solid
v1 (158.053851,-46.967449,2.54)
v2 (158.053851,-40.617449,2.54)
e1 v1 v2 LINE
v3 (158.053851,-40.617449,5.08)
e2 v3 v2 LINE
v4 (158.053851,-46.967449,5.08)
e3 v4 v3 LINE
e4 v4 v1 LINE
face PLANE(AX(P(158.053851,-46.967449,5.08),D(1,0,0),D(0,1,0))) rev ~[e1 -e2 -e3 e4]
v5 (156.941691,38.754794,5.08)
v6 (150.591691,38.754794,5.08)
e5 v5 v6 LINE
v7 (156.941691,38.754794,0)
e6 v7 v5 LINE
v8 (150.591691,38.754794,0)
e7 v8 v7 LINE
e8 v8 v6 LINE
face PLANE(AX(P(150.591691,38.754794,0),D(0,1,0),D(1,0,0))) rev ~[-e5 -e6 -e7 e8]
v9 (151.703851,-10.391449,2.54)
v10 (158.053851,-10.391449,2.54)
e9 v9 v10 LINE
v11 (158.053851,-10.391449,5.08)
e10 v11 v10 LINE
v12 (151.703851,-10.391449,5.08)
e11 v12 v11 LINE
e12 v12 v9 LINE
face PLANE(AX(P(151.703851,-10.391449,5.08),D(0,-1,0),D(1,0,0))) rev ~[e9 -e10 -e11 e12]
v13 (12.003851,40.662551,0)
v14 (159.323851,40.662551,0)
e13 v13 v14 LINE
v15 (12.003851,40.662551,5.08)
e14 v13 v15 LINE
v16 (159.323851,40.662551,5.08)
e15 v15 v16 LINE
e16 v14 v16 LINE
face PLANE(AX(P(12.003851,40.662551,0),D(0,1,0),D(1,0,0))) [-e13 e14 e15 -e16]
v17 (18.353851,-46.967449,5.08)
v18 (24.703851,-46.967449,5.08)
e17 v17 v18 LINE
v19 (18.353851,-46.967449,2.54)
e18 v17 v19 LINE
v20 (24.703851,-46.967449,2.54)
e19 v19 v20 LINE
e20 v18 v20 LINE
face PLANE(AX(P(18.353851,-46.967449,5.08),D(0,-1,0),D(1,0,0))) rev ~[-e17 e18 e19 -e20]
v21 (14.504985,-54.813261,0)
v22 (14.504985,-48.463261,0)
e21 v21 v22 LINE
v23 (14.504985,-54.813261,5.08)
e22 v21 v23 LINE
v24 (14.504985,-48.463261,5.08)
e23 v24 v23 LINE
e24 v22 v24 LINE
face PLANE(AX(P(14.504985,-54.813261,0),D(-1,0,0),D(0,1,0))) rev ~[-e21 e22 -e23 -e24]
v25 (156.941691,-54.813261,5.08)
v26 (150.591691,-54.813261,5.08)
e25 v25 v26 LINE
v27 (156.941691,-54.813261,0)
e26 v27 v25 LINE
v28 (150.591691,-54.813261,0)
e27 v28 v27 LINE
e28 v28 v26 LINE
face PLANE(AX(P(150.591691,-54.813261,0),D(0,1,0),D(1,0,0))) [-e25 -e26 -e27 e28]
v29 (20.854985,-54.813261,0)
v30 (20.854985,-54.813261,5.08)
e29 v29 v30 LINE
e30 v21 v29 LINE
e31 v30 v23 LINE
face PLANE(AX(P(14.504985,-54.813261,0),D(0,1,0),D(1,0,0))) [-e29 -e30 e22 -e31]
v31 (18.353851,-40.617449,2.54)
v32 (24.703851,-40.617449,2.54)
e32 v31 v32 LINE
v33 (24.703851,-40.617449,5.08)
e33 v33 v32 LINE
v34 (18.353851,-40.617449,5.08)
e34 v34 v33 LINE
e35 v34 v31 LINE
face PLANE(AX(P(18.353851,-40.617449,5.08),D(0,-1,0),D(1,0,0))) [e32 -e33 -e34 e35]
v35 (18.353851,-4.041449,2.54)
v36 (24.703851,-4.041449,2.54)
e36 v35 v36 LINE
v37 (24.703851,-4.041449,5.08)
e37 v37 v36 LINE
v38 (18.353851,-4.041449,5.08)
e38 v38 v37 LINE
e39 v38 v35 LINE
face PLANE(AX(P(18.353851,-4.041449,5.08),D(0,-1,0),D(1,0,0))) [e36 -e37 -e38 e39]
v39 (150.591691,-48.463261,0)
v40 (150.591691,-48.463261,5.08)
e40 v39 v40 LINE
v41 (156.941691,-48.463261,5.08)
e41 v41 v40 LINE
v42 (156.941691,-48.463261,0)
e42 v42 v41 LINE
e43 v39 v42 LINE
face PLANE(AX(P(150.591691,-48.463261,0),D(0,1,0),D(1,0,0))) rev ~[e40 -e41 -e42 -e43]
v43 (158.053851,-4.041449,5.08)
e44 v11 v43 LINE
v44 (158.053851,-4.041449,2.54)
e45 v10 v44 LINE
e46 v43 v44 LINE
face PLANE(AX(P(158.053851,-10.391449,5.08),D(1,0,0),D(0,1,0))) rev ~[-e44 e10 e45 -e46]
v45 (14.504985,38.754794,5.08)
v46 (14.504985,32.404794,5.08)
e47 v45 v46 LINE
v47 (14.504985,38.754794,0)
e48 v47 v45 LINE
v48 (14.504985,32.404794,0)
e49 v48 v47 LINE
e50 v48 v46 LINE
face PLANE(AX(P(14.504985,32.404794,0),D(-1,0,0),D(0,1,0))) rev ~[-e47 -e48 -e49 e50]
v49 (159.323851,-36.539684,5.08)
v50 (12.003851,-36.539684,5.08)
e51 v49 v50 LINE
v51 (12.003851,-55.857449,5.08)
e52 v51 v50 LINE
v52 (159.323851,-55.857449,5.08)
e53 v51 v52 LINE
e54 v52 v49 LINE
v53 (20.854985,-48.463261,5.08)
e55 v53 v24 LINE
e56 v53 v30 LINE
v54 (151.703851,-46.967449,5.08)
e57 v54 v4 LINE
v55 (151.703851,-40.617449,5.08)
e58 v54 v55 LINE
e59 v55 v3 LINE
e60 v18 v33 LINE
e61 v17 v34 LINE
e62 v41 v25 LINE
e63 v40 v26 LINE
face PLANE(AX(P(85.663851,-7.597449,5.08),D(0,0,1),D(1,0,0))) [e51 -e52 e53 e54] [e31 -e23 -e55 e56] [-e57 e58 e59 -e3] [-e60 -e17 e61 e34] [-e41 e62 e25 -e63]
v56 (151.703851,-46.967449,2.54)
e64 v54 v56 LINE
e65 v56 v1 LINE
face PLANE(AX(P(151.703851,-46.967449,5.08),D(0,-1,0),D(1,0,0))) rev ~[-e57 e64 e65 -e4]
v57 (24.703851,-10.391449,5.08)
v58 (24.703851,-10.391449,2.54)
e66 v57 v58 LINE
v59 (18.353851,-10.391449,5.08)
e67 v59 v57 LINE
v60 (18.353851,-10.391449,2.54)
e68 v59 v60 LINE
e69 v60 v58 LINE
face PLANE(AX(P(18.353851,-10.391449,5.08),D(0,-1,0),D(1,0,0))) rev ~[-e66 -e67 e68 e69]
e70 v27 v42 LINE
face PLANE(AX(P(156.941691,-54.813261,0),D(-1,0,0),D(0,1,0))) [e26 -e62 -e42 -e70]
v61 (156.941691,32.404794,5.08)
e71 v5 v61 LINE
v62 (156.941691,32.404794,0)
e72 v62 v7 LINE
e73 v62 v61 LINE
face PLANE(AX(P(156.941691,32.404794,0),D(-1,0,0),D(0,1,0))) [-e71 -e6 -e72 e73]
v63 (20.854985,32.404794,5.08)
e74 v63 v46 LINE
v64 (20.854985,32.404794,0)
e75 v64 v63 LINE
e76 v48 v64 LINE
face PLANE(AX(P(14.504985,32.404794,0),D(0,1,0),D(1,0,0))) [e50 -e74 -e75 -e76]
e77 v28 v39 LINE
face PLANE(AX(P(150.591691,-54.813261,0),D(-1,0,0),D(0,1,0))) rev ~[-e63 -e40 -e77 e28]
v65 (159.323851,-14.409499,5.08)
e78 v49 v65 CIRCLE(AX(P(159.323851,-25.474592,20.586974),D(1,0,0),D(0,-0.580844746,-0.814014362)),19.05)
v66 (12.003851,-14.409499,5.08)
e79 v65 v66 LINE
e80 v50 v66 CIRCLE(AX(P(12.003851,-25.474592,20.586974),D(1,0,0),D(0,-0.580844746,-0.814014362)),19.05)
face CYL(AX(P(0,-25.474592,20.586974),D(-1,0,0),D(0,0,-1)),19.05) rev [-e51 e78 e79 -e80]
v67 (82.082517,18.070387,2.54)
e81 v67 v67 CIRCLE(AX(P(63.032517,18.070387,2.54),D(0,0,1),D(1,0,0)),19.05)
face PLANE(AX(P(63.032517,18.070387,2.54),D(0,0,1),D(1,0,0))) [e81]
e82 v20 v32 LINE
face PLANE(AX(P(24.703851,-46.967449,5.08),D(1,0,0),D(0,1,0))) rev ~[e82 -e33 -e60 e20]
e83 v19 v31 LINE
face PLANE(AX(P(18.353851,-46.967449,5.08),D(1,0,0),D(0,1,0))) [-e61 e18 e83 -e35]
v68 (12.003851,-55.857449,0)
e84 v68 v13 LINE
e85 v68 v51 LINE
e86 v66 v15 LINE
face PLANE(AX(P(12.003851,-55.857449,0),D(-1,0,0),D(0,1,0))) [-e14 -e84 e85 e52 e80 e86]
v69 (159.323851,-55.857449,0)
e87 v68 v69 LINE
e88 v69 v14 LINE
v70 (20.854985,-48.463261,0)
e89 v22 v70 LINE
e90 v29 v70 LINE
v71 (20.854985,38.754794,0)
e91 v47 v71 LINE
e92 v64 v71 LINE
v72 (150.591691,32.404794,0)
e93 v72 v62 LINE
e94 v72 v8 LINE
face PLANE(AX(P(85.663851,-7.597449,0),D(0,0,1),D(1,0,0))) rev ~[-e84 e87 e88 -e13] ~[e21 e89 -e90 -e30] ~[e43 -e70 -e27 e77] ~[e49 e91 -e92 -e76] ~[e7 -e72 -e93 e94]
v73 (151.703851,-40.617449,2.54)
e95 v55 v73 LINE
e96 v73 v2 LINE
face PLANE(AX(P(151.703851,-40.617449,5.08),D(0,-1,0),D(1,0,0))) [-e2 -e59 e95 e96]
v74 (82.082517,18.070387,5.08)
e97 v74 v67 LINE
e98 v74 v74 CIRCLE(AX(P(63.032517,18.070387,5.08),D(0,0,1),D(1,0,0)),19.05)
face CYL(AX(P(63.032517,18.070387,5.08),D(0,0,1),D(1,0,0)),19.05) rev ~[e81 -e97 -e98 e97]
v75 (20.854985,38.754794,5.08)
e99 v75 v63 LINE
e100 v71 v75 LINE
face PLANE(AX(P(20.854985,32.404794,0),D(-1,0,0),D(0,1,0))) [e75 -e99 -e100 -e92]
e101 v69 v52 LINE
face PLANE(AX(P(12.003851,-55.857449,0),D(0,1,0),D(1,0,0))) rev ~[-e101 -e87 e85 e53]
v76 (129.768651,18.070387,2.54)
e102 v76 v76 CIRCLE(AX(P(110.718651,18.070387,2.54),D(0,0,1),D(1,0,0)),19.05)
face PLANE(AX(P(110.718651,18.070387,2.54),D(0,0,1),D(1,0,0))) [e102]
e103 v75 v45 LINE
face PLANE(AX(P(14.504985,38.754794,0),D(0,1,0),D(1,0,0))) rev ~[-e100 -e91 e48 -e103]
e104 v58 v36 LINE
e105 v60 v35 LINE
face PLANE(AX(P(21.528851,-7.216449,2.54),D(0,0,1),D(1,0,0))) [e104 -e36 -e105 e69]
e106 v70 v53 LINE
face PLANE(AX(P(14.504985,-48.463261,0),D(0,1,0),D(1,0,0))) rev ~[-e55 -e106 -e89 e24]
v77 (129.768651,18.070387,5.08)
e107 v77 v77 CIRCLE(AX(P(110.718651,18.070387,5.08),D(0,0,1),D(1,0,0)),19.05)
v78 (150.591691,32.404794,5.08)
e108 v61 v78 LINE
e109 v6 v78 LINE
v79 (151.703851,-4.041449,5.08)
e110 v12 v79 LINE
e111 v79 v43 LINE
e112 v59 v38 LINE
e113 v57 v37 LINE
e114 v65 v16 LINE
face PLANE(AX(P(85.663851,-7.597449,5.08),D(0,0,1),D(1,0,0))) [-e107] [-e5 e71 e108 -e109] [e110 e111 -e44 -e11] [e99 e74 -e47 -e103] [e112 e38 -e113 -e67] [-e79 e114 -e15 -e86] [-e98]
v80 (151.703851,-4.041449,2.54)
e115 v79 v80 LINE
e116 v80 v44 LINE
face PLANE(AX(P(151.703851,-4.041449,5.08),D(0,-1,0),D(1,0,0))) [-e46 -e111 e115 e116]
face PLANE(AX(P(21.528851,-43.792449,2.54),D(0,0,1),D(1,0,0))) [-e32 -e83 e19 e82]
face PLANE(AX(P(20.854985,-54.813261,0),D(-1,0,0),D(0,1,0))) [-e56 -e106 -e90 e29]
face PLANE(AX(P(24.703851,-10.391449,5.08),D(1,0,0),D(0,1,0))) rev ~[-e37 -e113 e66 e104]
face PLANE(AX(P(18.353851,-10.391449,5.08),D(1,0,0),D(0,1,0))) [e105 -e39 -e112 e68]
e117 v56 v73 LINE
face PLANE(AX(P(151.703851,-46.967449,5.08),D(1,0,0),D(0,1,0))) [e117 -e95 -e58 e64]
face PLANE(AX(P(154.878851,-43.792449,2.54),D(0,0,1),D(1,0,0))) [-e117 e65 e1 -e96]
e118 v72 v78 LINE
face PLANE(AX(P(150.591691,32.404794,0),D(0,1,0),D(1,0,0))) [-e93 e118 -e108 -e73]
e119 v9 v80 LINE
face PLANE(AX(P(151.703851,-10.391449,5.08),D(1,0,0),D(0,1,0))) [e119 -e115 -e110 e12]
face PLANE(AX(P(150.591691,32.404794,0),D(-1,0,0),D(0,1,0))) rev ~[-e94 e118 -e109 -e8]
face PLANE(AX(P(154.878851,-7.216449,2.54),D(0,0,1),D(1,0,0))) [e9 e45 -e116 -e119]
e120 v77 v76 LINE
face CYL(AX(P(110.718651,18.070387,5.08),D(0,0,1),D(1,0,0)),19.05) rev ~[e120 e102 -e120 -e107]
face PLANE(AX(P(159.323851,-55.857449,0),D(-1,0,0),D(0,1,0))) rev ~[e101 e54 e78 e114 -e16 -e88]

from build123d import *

# Parameters (mm, degrees)
SKETCH3_W           = 147.32
SKETCH3_H           = 96.52
BOSS_EXTRUDE1_DEPTH = 5.08
SKETCH4_R           = 19.05
SKETCH4_W           = 6.35
SKETCH4_H           = 6.35
CUT_EXTRUDE1_DEPTH  = 2.54
SKETCH6_W           = 6.35
SKETCH6_H           = 6.35
CUT_EXTRUDE3_DEPTH  = 7.62
SKETCH7_R           = 19.05
CUT_EXTRUDE4_DEPTH  = 171.45


with BuildPart() as part:
    # Sketch3 → Boss-Extrude1 (new body)
    with BuildSketch(Plane.XY):
        with Locations((85.663850978, -7.59744867)):
            Rectangle(SKETCH3_W, SKETCH3_H)
    extrude(amount=BOSS_EXTRUDE1_DEPTH)

    # Sketch4 → Cut-Extrude1 (cut)
    with BuildSketch(Plane.XY.offset(5.08)):
        with Locations((63.032517405, 18.070386575)):
            Circle(SKETCH4_R)
        with Locations((110.718650705, 18.070386575)):
            Circle(SKETCH4_R)
        with Locations((21.528850978, -43.79244867)):
            Rectangle(SKETCH4_W, SKETCH4_H)
        with Locations((154.878850978, -43.79244867)):
            Rectangle(SKETCH4_W, SKETCH4_H)
        with Locations((154.878850978, -7.21644867)):
            Rectangle(SKETCH4_W, SKETCH4_H)
        with Locations((21.528850978, -7.21644867)):
            Rectangle(SKETCH4_W, SKETCH4_H)
    extrude(amount=-CUT_EXTRUDE1_DEPTH, mode=Mode.SUBTRACT)

    # Sketch6 → Cut-Extrude3 (cut)
    with BuildSketch(Plane.XY):
        with Locations((17.679985474, -51.638260567)):
            Rectangle(SKETCH6_W, SKETCH6_H)
        with Locations((17.679985474, 35.579793927)):
            Rectangle(SKETCH6_W, SKETCH6_H)
        with Locations((153.766691322, 35.579793927)):
            Rectangle(SKETCH6_W, SKETCH6_H)
        with Locations((153.766691322, -51.638260567)):
            Rectangle(SKETCH6_W, SKETCH6_H)
    extrude(amount=CUT_EXTRUDE3_DEPTH, mode=Mode.SUBTRACT)

    # Sketch7 → Cut-Extrude4 (cut)
    with BuildSketch(Plane(origin=(0, 0, 0), x_dir=(0, 0, -1), z_dir=(1, 0, 0))):
        with Locations((-20.586973595, -25.47459189)):
            Circle(SKETCH7_R)
    extrude(amount=CUT_EXTRUDE4_DEPTH, mode=Mode.SUBTRACT)


solid = part.part
